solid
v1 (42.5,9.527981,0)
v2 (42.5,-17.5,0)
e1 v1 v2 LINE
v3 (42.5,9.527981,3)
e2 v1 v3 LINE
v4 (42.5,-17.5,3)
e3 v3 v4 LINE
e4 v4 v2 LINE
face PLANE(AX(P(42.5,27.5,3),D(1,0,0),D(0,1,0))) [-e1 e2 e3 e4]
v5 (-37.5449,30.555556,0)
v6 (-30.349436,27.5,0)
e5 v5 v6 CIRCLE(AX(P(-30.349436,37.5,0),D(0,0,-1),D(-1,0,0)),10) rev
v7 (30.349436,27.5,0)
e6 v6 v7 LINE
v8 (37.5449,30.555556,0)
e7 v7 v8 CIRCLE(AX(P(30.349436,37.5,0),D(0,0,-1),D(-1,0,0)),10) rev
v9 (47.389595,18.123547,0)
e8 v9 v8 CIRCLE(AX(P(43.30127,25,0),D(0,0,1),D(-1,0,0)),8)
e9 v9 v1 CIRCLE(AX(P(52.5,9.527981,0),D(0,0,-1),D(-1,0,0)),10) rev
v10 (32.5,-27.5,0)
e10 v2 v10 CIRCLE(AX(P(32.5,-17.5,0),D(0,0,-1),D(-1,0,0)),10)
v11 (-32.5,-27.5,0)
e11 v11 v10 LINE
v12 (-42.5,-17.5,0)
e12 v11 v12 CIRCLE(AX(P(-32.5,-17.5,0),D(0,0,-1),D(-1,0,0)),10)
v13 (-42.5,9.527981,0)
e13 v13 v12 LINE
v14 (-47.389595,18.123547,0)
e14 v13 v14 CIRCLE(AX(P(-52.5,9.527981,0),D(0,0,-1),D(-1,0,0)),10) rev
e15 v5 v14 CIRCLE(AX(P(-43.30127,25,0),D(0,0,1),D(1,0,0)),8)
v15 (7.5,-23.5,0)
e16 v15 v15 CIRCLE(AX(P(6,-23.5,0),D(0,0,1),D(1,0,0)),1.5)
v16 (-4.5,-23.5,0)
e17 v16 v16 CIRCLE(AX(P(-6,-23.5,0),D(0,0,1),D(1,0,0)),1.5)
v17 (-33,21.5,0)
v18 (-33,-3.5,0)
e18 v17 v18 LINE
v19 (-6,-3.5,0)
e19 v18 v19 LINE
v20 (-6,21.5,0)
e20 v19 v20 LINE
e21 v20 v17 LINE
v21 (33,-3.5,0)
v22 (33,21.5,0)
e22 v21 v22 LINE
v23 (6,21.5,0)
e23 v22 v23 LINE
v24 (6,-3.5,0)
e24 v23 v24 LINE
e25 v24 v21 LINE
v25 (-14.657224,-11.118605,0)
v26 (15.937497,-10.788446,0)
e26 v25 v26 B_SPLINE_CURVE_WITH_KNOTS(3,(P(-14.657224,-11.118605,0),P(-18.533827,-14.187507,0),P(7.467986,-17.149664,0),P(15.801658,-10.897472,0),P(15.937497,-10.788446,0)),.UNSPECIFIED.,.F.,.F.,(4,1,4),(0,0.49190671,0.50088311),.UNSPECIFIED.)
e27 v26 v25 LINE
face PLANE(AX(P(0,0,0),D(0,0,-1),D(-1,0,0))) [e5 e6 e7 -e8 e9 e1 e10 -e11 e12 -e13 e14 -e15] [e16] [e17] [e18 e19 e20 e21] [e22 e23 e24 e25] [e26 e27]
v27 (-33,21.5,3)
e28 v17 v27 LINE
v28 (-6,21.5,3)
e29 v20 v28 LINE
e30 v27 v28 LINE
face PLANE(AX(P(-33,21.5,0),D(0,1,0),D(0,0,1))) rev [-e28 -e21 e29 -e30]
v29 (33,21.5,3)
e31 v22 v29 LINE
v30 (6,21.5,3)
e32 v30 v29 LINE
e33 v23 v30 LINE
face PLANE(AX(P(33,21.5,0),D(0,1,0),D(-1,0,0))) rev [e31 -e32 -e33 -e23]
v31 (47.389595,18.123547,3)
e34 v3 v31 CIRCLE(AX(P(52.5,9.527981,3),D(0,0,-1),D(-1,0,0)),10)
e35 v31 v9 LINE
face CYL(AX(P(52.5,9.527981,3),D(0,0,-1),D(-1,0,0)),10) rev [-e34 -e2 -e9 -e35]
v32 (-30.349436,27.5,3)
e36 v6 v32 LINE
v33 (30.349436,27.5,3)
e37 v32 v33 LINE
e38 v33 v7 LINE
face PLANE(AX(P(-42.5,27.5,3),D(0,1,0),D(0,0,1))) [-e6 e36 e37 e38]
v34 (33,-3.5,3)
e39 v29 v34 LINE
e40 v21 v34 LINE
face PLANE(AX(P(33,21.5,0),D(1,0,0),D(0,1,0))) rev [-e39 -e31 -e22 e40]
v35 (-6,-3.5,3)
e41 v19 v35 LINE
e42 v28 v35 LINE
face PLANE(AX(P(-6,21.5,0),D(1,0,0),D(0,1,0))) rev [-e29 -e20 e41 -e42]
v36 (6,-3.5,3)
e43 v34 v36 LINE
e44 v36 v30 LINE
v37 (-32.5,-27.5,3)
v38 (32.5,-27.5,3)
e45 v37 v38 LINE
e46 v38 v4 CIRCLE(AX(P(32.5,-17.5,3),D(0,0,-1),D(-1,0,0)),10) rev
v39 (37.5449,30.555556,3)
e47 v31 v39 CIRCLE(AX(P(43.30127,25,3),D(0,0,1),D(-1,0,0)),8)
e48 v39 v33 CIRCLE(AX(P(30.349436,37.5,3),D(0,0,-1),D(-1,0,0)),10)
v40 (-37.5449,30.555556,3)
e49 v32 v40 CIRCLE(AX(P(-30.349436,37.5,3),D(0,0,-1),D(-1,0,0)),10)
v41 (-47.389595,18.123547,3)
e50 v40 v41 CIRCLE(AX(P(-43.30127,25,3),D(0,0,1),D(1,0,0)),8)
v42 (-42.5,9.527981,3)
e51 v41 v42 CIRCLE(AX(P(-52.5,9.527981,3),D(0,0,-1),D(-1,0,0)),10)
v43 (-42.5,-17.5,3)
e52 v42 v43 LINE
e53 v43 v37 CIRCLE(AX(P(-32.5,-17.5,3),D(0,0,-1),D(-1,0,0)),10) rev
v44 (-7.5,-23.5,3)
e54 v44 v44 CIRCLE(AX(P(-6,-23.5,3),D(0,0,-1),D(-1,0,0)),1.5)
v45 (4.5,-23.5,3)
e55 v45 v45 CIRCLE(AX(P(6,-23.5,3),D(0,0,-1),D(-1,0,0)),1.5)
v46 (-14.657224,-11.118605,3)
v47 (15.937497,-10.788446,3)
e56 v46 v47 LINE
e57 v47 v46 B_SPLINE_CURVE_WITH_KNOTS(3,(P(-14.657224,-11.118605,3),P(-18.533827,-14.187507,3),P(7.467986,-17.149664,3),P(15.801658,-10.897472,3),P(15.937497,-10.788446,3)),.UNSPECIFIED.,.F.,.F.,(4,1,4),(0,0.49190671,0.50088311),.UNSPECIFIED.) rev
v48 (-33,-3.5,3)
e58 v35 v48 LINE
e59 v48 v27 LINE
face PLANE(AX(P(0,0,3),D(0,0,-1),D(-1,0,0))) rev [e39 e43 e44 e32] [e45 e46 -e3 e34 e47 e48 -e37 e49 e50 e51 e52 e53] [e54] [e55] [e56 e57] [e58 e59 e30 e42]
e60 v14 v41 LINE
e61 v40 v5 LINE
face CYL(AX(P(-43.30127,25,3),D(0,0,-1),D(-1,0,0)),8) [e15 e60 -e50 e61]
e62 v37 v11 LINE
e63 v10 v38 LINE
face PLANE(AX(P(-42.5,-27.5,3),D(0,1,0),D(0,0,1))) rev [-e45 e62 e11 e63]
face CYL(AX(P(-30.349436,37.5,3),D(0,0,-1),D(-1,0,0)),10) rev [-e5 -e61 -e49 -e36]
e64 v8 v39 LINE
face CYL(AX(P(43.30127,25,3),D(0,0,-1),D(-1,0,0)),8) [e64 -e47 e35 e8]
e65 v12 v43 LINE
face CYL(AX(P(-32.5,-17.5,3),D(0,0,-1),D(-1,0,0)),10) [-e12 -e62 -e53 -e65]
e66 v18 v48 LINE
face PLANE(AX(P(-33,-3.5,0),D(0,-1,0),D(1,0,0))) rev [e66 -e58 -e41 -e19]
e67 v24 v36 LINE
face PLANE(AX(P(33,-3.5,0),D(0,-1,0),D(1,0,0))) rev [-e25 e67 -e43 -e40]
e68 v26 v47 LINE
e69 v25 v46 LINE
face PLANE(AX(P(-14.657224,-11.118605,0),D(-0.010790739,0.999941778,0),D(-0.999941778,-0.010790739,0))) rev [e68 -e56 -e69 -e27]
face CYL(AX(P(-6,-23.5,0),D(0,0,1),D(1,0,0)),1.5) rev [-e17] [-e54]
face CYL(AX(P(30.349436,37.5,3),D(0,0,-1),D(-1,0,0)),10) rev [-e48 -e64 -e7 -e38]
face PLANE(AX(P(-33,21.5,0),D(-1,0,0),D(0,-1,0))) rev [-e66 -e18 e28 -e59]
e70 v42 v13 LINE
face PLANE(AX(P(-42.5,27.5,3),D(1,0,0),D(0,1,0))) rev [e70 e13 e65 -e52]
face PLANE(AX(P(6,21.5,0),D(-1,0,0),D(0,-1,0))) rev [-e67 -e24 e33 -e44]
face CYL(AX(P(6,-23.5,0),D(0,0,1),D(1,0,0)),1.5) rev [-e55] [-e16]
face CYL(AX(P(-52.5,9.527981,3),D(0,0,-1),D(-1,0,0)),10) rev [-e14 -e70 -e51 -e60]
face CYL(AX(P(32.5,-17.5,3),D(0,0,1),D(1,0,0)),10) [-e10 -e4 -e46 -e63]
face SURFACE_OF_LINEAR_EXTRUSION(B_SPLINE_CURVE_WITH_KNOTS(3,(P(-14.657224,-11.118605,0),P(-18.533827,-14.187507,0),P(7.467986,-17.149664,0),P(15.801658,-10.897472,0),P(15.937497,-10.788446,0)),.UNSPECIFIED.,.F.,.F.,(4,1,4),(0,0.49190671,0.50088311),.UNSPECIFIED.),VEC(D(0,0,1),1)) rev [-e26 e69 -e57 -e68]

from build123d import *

# Parameters (mm, degrees)
SKETCH1_W               = 85
SKETCH1_H               = 55
BOSS_EXTRUDE2_DEPTH     = 3
CUT_EXTRUDE1_DEPTH      = 51.709959574
CUT_EXTRUDE1_DEPTH_BACK = 51.709959574
SKETCH3_W               = 27
SKETCH3_H               = 25
FILLET2_R               = 10
SKETCH4_R               = 8
BOSS_EXTRUDE3_DEPTH     = 3
FILLET3_R               = 10
CUT_EXTRUDE2_DEPTH      = 62.072254936
CUT_EXTRUDE2_DEPTH_BACK = 62.072254936
CUT_EXTRUDE3_DEPTH      = 62.072255079
CUT_EXTRUDE3_DEPTH_BACK = 62.072255079
SKETCH6_R               = 1.5


with BuildPart() as part:
    # Sketch1 → Boss-Extrude2 (new body)
    with BuildSketch(Plane.XY):
        Rectangle(SKETCH1_W, SKETCH1_H)
    extrude(amount=BOSS_EXTRUDE2_DEPTH)

    # Sketch3 → Cut-Extrude1 (cut, two sides: drawn at the far end of the back side and taken through both)
    with BuildSketch(Plane.XY.offset(3).offset(-CUT_EXTRUDE1_DEPTH_BACK)):
        with Locations((-19.5, 9)):
            Rectangle(SKETCH3_W, SKETCH3_H)
        with Locations((19.5, 9)):
            Rectangle(SKETCH3_W, SKETCH3_H)
    extrude(amount=CUT_EXTRUDE1_DEPTH + CUT_EXTRUDE1_DEPTH_BACK, mode=Mode.SUBTRACT)

    # Fillet2
    fillet2_edges = [part.edges().sort_by_distance(p)[0] for p in [
        (-42.5, -27.5, 1.5),
        (42.5, -27.5, 1.5),
    ]]
    fillet(fillet2_edges, radius=FILLET2_R)

    # Sketch4 → Boss-Extrude3 (add)
    with BuildSketch(Plane.XY):
        with Locations((-43.301270189, 25)):
            Circle(SKETCH4_R)
        with Locations((43.301270189, 25)):
            Circle(SKETCH4_R)
    extrude(amount=BOSS_EXTRUDE3_DEPTH)

    # Fillet3
    fillet3_edges = [part.edges().sort_by_distance(p)[0] for p in [
        (-35.701928112, 27.5, 1.5),
        (-42.5, 17.040228264, 1.5),
        (35.701928112, 27.5, 1.5),
        (42.5, 17.040228264, 1.5),
    ]]
    fillet(fillet3_edges, radius=FILLET3_R)

    # Sketch5 → Cut-Extrude2 (cut, two sides: drawn at the far end of the back side and taken through both)
    with BuildSketch(Plane.XY.offset(3).offset(-CUT_EXTRUDE2_DEPTH_BACK)):
        with BuildLine():
            Line((-14.657223741, -11.118605282), (15.937497294, -10.788446422))
            add(Edge.make_bspline(
                [(-14.657223741, -11.118605282), (-18.533826982, -14.187506868), (7.467986251, -17.149664061), (15.801657819, -10.897471716), (15.937497294, -10.788446422)],
                knots=[0, 0, 0, 0, 0.49190671, 0.50088311, 0.50088311, 0.50088311, 0.50088311], degree=3))
        make_face()
    extrude(amount=CUT_EXTRUDE2_DEPTH + CUT_EXTRUDE2_DEPTH_BACK, mode=Mode.SUBTRACT)

    # Sketch6 → Cut-Extrude3 (cut, two sides: drawn at the far end of the back side and taken through both)
    with BuildSketch(Plane.XY.offset(3).offset(-CUT_EXTRUDE3_DEPTH_BACK)):
        with Locations((-6, -23.5)):
            Circle(SKETCH6_R)
        with Locations((6, -23.5)):
            Circle(SKETCH6_R)
    extrude(amount=CUT_EXTRUDE3_DEPTH + CUT_EXTRUDE3_DEPTH_BACK, mode=Mode.SUBTRACT)


solid = part.part
